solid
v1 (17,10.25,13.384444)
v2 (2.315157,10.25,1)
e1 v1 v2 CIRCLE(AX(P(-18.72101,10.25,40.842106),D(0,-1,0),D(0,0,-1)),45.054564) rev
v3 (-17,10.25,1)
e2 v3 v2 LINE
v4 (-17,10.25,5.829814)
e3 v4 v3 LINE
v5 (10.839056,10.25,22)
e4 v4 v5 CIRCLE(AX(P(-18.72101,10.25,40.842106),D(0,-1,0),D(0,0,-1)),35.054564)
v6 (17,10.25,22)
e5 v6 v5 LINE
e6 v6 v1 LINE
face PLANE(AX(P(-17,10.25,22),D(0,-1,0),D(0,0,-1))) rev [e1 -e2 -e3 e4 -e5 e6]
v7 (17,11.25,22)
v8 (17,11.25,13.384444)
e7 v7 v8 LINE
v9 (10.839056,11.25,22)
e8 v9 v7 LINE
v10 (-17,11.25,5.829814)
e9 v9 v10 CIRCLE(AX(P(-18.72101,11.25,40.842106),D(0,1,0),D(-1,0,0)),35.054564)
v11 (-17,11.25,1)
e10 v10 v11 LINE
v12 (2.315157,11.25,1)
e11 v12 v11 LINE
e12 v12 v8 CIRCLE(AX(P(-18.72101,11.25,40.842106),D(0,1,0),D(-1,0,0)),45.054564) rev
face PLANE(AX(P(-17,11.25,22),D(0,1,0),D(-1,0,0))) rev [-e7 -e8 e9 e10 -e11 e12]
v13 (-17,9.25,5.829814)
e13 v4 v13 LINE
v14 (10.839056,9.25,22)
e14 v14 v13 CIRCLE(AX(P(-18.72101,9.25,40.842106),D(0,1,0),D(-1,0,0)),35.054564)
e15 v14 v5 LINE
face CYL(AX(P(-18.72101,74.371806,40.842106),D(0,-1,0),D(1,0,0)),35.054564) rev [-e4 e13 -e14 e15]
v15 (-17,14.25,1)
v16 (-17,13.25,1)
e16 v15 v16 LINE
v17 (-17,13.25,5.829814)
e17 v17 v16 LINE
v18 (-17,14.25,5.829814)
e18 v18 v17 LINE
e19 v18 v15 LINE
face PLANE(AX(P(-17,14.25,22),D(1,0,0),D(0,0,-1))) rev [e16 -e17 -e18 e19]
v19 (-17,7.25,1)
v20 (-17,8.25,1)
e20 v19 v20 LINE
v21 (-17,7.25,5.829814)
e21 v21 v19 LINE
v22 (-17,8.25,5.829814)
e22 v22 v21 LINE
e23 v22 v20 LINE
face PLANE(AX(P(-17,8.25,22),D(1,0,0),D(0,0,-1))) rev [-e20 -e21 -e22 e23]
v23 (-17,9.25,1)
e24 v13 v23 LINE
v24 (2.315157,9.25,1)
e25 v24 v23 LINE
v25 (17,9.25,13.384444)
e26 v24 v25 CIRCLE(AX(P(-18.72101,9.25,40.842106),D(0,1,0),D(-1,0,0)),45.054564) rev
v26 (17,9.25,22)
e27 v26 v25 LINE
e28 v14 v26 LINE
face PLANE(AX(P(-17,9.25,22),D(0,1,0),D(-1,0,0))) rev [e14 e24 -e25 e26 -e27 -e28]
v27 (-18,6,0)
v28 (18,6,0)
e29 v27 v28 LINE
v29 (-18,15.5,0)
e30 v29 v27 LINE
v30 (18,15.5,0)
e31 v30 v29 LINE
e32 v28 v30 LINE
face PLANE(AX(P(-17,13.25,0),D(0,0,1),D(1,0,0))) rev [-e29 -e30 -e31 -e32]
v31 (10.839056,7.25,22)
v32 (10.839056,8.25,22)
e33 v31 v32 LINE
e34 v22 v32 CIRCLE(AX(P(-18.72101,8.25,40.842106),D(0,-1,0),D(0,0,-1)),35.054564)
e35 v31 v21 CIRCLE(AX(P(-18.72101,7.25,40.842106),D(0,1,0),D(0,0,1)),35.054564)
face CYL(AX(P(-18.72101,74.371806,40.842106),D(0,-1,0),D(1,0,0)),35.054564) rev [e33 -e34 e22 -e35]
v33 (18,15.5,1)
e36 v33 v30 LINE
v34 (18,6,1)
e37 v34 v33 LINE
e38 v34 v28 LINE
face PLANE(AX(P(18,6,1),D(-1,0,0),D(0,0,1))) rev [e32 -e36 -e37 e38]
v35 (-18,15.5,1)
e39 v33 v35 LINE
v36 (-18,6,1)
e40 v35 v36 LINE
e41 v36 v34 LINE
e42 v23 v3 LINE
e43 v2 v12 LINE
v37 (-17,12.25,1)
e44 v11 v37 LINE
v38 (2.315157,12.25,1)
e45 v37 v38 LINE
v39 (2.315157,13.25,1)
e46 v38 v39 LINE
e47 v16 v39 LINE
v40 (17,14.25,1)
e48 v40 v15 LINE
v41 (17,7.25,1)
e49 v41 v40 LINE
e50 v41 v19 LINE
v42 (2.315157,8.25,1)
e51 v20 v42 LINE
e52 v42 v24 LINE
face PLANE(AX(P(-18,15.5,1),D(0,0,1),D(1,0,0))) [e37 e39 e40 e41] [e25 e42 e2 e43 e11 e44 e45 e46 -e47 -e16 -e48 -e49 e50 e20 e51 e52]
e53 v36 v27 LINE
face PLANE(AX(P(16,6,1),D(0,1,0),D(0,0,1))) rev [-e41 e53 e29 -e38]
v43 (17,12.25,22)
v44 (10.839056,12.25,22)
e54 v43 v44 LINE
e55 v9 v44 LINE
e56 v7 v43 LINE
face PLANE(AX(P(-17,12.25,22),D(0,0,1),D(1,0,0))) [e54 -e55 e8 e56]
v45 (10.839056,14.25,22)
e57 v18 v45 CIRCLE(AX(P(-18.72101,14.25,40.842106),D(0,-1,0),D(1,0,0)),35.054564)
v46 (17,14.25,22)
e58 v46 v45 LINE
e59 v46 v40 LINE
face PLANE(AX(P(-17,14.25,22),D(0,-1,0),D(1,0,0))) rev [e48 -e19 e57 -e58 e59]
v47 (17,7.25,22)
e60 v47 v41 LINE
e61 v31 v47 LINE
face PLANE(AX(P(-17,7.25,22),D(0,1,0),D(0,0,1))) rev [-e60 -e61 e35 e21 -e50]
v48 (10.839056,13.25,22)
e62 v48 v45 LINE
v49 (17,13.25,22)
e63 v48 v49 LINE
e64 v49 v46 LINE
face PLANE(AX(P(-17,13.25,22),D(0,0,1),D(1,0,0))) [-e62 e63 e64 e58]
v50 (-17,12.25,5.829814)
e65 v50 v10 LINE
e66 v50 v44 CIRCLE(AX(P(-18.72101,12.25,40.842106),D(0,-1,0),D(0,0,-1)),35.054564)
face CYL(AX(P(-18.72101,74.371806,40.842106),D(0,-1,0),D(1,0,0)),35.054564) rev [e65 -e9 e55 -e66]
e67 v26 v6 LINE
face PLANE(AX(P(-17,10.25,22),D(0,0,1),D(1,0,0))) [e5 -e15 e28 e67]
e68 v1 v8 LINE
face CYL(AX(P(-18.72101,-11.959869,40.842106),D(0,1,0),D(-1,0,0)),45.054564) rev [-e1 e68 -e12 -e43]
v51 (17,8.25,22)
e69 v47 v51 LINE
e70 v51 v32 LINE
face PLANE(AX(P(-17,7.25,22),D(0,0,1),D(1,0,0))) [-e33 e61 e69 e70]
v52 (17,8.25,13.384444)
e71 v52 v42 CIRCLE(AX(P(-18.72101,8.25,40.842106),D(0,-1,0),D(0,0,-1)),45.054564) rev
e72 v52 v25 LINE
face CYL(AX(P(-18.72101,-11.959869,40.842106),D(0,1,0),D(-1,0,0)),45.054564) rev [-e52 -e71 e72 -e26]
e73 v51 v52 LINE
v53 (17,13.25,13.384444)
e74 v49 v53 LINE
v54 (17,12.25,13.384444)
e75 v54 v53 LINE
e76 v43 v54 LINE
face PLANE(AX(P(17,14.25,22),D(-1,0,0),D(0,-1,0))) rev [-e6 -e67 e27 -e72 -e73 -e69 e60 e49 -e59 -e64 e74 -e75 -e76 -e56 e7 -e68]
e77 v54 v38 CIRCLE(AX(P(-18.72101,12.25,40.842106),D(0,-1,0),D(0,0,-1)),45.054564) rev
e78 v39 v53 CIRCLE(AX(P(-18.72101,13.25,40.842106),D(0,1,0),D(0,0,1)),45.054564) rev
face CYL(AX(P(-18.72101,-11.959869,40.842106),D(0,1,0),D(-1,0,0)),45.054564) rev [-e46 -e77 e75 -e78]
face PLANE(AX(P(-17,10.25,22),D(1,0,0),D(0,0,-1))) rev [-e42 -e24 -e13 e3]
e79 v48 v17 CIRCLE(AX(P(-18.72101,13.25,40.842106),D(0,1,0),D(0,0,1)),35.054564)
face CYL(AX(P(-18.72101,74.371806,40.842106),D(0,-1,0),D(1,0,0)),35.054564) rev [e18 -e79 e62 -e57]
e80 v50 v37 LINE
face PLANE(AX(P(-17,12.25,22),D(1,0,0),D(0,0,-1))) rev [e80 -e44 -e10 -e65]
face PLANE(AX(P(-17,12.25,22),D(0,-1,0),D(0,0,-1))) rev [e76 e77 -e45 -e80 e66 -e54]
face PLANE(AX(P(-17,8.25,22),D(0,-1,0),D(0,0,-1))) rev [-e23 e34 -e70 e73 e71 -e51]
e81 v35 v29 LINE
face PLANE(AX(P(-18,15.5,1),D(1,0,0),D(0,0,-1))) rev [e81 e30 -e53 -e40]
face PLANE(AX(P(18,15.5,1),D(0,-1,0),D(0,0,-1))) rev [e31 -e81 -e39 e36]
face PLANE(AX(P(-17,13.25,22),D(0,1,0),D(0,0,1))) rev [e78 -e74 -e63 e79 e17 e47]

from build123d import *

# Parameters (mm, degrees)
SKETCH2_W               = 34
SKETCH2_H               = 1
EXTRUDE1_DEPTH          = 22
EXTRUDE1_2_DEPTH        = 22
EXTRUDE1_3_DEPTH        = 22
EXTRUDE1_4_DEPTH        = 22
CUT_EXTRUDE1_DEPTH      = 29.670542374
CUT_EXTRUDE1_DEPTH_BACK = 29.670542374
EXTRUDE2_DEPTH          = 1
EXTRUDE3_REACH          = 31.598


with BuildPart() as part:
    # Sketch2 → Extrude1 (new body)
    with BuildSketch(Plane.XY):
        with Locations((0, 13.75)):
            Rectangle(SKETCH2_W, SKETCH2_H)
    extrude(amount=EXTRUDE1_DEPTH)


with BuildPart() as body_2:
    # Sketch2 → Extrude1 2 (new body)
    with BuildSketch(Plane.XY):
        with Locations((0, 11.75)):
            Rectangle(SKETCH2_W, SKETCH2_H)
    extrude(amount=EXTRUDE1_2_DEPTH)


with BuildPart() as body_3:
    # Sketch2 → Extrude1 3 (new body)
    with BuildSketch(Plane.XY):
        with Locations((0, 9.75)):
            Rectangle(SKETCH2_W, SKETCH2_H)
    extrude(amount=EXTRUDE1_3_DEPTH)


with BuildPart() as body_4:
    # Sketch2 → Extrude1 4 (new body)
    with BuildSketch(Plane.XY):
        with Locations((0, 7.75)):
            Rectangle(SKETCH2_W, SKETCH2_H)
    extrude(amount=EXTRUDE1_4_DEPTH)


with BuildPart() as cut_extrude1_tool:
    # Sketch3 → Cut-Extrude1 (new, two sides: drawn at the far end of the back side and taken through both)
    with BuildSketch(Plane(origin=(0, 14.25, 0), x_dir=(1, 0, 0), z_dir=(0, 1, 0)).offset(-CUT_EXTRUDE1_DEPTH_BACK)):
        with BuildLine():
            Line((-102.195874551, -1.64205818), (-17, -5.829814285))
            ThreePointArc((-17, -5.829814285), (-1.114330758, -10.529941826), (10.839055861, -22))
            Line((10.839055861, -22), (56.687802572, -93.928900776))
            Line((56.687802572, -93.928900776), (-28.997329883, -241.446884233))
            Line((-28.997329883, -241.446884233), (-187.881007007, -149.160041637))
            Line((-187.881007007, -149.160041637), (-102.195874551, -1.64205818))
        make_face()
    extrude(amount=CUT_EXTRUDE1_DEPTH + CUT_EXTRUDE1_DEPTH_BACK)


with BuildPart() as part_1:
    add(part.part)

    # Cut-Extrude1: cut by cut_extrude1_tool
    add(cut_extrude1_tool.part, mode=Mode.SUBTRACT)



with BuildPart() as body_2_1:
    add(body_2.part)

    # Cut-Extrude1: cut by cut_extrude1_tool
    add(cut_extrude1_tool.part, mode=Mode.SUBTRACT)


with BuildPart() as body_3_1:
    add(body_3.part)

    # Cut-Extrude1: cut by cut_extrude1_tool
    add(cut_extrude1_tool.part, mode=Mode.SUBTRACT)


with BuildPart() as body_4_1:
    add(body_4.part)

    # Cut-Extrude1: cut by cut_extrude1_tool
    add(cut_extrude1_tool.part, mode=Mode.SUBTRACT)


with BuildPart() as part_2:
    add(part_1.part)

    add(body_2_1.part)  # Extrude2 merges body 2

    add(body_3_1.part)  # Extrude2 merges body 3

    add(body_4_1.part)  # Extrude2 merges body 4
    # Sketch1 → Extrude2 (add)
    with BuildSketch(Plane.XY):
        Polygon((-16, 6), (-18, 6), (-18, 15.5), (18, 15.5), (18, 6), (16, 6), align=None)
    extrude(amount=EXTRUDE2_DEPTH)

    # Extrude3: up to this face of the body (flat: up to its plane)
    extrude3_end = Plane(part_2.part.faces().sort_by_distance((4.784093831, 7.25, 8.43063068))[0])
    # Sketch4 → Extrude3 (add, up to the picked face)
    with BuildSketch(Plane(origin=(0, 14.25, 0), x_dir=(1, 0, 0), z_dir=(0, 1, 0)), mode=Mode.PRIVATE) as extrude3_sk1:
        with BuildLine():
            Line((17, -13.384444495), (17, -1))
            Line((17, -1), (2.315156907, -1))
            ThreePointArc((2.315156907, -1), (10.32529612, -6.40047667), (17, -13.384444495))
        make_face()
    extrude3_tool1 = split(extrude(extrude3_sk1.sketch, amount=-EXTRUDE3_REACH, mode=Mode.PRIVATE), bisect_by=extrude3_end, keep=Keep.BOTH, mode=Mode.PRIVATE)
    add(extrude3_tool1.solids().sort_by(Axis((12.478382, 14.25, 4.828977), (0, -1, 0)))[0])


solid = part_2.part
